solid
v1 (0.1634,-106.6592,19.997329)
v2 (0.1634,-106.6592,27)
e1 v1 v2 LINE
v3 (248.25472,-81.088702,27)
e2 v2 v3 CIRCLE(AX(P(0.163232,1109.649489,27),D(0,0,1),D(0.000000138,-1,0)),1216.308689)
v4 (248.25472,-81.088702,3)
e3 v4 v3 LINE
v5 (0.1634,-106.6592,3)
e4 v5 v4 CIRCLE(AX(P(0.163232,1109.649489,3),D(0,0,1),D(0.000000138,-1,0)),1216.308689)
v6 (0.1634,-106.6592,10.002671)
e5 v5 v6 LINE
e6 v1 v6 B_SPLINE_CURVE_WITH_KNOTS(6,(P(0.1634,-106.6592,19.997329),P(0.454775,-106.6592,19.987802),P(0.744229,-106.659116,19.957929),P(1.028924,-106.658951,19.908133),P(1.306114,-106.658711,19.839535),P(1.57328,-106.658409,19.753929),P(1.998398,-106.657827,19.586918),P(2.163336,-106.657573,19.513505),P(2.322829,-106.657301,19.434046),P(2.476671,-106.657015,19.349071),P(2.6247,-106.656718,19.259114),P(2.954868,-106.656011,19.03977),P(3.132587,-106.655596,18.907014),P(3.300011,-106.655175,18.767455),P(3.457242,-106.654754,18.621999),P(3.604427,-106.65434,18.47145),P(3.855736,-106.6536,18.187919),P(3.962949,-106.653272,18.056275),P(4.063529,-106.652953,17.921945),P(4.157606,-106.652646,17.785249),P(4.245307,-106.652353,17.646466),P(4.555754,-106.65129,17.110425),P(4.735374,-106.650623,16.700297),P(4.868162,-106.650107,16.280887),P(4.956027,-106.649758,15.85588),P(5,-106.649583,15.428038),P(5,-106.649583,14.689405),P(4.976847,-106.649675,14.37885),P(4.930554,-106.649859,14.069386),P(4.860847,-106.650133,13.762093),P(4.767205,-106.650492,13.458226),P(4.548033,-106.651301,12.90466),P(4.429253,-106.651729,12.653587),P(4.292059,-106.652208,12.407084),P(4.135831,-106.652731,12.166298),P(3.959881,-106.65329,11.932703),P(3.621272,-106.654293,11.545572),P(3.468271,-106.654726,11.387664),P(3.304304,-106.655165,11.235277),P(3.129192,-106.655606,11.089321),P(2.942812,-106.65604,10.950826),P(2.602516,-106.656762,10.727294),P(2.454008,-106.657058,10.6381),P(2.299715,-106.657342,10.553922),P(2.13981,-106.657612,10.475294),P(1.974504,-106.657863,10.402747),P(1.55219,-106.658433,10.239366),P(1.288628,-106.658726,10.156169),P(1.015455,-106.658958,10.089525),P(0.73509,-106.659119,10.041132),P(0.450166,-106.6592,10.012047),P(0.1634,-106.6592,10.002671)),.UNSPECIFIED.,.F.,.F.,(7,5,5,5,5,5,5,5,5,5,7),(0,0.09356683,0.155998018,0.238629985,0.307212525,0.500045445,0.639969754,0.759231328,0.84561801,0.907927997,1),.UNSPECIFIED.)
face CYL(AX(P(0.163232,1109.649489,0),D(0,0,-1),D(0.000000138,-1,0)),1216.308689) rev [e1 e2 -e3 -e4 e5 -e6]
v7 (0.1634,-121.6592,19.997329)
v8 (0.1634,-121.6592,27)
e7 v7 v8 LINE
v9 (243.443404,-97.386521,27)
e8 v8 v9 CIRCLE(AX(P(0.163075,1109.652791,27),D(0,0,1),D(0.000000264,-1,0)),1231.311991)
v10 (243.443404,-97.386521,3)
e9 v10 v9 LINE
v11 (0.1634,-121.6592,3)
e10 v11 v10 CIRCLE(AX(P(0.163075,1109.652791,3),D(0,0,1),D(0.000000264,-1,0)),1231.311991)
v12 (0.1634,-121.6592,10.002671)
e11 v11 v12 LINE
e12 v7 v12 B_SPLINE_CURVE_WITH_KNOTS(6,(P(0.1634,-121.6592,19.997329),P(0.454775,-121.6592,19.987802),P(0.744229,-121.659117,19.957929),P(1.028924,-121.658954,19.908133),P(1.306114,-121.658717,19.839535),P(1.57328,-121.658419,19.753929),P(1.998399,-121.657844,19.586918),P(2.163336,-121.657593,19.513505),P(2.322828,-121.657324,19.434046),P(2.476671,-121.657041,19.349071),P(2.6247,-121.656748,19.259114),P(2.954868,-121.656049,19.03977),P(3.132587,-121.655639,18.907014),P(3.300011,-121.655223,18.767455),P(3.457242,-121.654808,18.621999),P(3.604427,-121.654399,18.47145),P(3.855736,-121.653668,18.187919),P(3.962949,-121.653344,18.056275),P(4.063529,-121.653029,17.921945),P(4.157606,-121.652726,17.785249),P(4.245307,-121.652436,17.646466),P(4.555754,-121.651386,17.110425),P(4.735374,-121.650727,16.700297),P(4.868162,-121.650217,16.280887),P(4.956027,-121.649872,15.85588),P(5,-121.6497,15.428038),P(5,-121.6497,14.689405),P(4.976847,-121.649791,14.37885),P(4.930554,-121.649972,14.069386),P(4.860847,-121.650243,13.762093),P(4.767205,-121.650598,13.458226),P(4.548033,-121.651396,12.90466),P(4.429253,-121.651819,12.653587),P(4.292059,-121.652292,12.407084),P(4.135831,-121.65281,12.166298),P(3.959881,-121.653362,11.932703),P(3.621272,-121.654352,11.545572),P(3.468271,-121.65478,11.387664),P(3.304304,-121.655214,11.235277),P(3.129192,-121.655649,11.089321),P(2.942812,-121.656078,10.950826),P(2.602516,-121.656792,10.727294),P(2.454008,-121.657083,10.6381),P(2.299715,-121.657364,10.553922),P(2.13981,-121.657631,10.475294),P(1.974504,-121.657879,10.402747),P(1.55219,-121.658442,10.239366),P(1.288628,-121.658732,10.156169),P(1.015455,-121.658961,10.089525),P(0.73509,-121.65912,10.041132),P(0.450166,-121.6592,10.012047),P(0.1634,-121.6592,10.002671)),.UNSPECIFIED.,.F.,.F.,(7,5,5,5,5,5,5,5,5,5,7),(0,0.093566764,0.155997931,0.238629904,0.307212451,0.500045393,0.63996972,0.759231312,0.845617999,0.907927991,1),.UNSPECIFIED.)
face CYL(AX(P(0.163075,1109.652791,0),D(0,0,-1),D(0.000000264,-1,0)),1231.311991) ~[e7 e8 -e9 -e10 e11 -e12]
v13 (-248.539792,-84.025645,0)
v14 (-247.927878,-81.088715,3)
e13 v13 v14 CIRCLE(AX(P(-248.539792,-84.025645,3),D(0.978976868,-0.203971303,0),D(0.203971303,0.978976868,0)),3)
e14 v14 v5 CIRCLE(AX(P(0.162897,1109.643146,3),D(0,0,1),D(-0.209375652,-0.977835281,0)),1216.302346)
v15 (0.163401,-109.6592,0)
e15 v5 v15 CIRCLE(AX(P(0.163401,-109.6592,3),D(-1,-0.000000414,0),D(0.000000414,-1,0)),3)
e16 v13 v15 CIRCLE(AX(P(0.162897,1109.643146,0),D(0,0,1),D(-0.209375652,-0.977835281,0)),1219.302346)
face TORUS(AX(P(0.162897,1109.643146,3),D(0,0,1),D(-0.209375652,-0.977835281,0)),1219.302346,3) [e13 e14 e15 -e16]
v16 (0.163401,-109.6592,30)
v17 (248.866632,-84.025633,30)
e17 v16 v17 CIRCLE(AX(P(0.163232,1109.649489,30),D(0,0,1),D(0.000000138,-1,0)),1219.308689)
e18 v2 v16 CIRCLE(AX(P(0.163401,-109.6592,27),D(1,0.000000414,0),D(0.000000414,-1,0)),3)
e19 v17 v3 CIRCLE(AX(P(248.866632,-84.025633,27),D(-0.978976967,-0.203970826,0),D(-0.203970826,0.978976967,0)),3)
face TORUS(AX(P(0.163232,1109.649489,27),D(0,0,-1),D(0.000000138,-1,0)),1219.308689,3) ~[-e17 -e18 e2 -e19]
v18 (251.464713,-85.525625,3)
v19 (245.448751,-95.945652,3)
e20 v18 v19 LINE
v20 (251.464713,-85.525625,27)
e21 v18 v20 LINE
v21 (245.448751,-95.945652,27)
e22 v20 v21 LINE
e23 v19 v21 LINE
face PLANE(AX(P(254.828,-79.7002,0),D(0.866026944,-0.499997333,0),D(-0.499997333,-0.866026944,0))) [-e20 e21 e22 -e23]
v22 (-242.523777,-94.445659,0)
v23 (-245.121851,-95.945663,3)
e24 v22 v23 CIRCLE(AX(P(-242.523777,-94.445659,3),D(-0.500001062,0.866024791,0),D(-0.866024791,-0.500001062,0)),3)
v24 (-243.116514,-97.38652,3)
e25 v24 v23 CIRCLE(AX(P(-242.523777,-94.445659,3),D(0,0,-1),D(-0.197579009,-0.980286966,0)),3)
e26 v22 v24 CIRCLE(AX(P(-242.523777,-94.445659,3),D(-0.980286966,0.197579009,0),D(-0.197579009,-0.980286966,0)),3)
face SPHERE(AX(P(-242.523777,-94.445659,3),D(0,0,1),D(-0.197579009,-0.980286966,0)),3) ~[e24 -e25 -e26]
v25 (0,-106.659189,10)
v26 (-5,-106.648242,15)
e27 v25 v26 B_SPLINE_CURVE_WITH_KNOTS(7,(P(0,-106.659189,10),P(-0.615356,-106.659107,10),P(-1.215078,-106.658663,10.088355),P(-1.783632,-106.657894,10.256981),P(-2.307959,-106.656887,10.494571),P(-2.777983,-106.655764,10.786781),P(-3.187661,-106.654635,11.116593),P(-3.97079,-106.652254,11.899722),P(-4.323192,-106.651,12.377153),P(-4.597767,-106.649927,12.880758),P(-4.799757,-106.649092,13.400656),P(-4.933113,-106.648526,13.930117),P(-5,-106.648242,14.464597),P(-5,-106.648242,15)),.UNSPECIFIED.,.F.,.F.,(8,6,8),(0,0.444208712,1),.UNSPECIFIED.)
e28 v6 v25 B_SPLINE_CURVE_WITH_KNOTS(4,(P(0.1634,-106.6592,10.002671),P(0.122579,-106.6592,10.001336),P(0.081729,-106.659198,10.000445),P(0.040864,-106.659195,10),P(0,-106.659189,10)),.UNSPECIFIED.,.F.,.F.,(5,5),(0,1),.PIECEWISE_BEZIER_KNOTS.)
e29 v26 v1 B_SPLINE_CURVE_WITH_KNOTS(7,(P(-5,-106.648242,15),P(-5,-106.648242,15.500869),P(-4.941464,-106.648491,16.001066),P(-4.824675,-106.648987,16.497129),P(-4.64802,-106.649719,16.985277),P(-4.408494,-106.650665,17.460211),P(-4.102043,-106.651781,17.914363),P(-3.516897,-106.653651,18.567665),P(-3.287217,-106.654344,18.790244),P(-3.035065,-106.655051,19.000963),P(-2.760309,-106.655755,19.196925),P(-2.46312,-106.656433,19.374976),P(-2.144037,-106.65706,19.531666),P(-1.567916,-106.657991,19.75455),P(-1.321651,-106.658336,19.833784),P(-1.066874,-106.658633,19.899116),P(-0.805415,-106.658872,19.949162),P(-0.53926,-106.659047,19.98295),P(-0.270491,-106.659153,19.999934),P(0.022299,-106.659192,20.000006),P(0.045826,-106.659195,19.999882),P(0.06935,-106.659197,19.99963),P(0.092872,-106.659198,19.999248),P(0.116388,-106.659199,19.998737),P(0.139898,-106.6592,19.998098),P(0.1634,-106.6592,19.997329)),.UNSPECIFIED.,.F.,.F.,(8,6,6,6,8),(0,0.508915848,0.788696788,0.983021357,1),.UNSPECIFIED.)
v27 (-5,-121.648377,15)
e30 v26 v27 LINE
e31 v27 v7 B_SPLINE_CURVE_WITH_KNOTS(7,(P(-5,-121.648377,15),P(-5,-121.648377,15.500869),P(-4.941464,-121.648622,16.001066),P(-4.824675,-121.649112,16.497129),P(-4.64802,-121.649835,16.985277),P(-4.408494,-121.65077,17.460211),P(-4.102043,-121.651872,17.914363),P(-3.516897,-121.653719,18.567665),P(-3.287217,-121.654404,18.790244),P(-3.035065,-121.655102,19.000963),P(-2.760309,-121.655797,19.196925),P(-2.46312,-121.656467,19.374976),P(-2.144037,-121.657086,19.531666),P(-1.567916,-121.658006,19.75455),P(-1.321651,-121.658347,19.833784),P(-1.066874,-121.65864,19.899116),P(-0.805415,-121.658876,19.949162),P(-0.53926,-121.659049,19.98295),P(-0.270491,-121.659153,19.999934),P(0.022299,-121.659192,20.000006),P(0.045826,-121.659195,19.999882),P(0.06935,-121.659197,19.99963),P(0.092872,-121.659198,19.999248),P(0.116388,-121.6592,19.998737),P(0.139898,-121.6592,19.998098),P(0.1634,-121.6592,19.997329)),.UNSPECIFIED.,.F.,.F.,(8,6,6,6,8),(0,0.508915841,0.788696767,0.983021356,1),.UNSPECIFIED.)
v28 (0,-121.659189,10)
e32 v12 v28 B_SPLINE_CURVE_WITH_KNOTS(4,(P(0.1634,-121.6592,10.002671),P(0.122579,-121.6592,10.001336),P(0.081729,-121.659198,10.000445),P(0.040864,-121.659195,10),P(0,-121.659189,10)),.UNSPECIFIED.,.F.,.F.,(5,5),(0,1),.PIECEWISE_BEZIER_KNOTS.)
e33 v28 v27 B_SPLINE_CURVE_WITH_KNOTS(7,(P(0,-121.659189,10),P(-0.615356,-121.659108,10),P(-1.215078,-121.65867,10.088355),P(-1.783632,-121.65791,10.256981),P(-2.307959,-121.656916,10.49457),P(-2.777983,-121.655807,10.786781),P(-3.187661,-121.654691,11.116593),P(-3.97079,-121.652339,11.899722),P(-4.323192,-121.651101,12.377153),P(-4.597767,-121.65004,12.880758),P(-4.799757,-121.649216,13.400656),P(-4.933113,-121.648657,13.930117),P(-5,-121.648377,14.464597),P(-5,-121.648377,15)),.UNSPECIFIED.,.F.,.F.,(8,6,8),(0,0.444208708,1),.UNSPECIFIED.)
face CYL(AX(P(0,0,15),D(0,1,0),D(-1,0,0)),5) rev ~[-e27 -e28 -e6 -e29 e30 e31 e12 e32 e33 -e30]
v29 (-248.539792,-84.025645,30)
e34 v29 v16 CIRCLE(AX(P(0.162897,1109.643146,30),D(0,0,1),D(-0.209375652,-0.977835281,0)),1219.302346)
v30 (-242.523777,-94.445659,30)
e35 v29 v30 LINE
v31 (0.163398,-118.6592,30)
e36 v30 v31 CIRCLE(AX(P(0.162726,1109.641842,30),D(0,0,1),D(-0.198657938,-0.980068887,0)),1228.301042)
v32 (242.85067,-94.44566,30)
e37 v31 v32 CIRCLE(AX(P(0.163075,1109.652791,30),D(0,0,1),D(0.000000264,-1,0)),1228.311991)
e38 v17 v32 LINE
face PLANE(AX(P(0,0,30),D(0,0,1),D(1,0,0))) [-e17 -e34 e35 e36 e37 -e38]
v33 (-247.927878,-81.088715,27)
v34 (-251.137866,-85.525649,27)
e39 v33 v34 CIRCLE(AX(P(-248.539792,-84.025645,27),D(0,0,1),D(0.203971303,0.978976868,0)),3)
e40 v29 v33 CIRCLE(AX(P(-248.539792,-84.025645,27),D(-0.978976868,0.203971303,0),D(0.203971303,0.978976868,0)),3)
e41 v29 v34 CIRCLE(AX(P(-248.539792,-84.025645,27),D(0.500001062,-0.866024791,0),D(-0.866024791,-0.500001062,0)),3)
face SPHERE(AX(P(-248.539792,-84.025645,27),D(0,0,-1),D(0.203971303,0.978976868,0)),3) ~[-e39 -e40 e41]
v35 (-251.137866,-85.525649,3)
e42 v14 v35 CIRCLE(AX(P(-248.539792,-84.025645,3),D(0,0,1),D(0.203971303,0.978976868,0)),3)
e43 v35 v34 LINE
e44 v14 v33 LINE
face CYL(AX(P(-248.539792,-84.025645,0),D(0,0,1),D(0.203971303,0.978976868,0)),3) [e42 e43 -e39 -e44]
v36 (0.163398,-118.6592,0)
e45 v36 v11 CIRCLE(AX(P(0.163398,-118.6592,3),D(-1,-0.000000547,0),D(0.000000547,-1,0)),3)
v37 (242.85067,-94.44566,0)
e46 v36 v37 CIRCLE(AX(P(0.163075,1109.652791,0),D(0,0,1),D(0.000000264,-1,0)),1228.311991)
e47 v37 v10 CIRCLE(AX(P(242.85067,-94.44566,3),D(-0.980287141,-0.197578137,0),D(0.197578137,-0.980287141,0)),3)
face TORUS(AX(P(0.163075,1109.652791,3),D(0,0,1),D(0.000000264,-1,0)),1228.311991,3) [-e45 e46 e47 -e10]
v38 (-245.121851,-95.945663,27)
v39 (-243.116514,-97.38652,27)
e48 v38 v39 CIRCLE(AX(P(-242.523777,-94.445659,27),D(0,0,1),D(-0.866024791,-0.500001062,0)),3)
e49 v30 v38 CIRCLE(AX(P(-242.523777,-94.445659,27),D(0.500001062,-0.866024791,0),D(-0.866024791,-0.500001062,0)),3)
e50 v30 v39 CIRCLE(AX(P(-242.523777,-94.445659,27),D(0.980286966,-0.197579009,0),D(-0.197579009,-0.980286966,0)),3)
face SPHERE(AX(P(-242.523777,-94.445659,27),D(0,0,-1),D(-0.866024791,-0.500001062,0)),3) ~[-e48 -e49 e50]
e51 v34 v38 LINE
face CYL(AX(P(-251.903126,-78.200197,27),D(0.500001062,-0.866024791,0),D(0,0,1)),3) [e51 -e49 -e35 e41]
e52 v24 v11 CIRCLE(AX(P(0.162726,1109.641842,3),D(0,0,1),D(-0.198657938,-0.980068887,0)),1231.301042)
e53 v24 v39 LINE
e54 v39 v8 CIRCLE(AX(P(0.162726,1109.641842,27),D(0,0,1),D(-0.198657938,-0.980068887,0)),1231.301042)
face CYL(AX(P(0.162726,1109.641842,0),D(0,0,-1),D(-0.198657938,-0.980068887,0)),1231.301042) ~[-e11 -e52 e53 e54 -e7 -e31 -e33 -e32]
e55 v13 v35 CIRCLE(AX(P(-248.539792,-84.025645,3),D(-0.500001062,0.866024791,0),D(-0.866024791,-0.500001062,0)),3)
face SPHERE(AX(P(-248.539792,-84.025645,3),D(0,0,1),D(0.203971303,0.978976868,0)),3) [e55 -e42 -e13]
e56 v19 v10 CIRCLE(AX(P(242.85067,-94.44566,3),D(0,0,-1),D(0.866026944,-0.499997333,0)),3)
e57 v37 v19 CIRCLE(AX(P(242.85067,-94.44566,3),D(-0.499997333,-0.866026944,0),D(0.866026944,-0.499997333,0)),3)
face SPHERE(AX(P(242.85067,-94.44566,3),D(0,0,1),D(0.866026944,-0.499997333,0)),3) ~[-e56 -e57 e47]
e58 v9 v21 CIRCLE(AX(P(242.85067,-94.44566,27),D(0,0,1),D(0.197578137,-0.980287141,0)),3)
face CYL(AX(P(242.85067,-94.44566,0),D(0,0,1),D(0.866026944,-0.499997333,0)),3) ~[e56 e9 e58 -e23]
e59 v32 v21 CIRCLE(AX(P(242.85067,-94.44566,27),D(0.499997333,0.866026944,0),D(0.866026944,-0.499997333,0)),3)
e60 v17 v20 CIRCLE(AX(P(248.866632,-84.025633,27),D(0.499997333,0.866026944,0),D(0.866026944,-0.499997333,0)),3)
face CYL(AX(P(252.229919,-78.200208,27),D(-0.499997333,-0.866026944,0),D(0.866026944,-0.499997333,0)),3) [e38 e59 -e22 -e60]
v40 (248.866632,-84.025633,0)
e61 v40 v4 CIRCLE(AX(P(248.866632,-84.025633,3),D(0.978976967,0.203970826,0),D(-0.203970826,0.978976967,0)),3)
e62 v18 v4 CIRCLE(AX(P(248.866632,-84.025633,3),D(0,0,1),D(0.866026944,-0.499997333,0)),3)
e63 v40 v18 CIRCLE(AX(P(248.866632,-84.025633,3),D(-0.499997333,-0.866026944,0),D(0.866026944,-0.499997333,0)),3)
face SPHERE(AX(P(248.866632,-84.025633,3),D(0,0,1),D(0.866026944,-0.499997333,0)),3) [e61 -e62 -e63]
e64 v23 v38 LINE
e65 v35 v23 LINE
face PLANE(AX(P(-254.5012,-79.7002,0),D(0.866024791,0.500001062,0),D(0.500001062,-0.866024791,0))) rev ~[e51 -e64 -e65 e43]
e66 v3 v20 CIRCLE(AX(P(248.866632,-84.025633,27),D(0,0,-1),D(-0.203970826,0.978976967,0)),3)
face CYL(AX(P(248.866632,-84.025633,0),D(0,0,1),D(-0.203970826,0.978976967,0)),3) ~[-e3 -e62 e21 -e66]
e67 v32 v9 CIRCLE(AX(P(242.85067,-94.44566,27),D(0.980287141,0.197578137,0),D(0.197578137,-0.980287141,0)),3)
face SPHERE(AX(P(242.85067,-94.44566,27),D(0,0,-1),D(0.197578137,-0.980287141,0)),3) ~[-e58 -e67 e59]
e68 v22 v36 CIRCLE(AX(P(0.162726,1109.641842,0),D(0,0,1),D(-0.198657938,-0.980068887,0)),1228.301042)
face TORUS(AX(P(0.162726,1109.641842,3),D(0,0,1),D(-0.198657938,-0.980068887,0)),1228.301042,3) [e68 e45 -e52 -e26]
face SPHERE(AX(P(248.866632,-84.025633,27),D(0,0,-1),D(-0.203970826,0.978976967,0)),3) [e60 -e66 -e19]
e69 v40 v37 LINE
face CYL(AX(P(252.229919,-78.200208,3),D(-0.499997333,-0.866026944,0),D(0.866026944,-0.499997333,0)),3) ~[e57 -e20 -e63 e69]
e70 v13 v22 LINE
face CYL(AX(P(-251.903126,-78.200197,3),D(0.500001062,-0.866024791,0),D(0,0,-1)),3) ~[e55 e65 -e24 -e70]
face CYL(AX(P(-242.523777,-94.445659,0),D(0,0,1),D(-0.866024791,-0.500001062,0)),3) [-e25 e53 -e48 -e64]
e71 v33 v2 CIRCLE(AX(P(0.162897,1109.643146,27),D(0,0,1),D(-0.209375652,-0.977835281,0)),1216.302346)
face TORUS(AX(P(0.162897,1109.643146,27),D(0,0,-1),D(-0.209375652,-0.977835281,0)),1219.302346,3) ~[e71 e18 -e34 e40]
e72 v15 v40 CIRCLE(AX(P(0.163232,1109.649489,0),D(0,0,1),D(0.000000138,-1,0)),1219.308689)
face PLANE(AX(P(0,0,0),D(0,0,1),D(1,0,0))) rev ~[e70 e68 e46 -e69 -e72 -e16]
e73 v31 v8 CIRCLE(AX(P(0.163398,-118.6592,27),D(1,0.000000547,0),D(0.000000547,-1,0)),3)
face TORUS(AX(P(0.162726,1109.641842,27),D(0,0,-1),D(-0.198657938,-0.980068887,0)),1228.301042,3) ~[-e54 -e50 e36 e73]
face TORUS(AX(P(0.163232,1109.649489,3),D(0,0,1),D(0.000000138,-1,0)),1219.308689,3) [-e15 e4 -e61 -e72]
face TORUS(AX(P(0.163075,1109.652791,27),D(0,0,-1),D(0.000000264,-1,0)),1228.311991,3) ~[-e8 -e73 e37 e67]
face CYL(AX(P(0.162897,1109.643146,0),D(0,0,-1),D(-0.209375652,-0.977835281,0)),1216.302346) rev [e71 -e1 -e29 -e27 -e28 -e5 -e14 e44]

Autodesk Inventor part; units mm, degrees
ref_plane "YZ Plane" through (0, 0, 0) normal (1, 0, 0) x (0, 1, 0)
ref_plane "XZ Plane" through (0, 0, 0) normal (0, 1, 0) x (-1, 0, 0)
ref_plane "XY Plane" through (0, 0, 0) normal (0, 0, 1) x (1, 0, 0)
sketch "Sketch1" plane through (0, 0, 0) normal (0, 0, 1) x (1, 0, 0)
  arc A0 (0.1634, -106.6592) -> (254.828, -79.7002) centre (0.1634, 1109.6463) ccw
  arc A1 (0.1634, -121.6592) -> (244.7719, -97.118) centre (0.1634, 1109.6463) ccw
  line L0 (254.828, -79.7002) -> (244.7719, -97.118)
  line L1 (254.828, -79.7002) -> (274.9404, -79.7002) construction
  line L2 (0.1634, -121.6592) -> (0.1634, -88.4091)
  arc A2 (-244.445, -97.118) -> (0.1634, -121.6592) centre (0.1634, 1109.6463) ccw
  arc A3 (-254.5012, -79.7002) -> (0.1634, -106.6592) centre (0.1634, 1109.6463) ccw
  line L3 (-254.5012, -79.7002) -> (-244.445, -97.118)
  point P0 (0, 0)
  point P1 (226.5563, -100.6675)
  dimension "d0" = 15
  dimension "d1" = 120
extrude "Extrusion1" add sketch "Sketch1" along normal blind 30
fillet "Fillet1" radius 3 12 edges at (-127.8803, -99.9007, 30) (123.0817, -115.5086, 30) (128.2072, -99.9007, 0) (249.8, -88.4091, 30) (254.828, -79.7002, 15) (244.7719, -97.118, 15) (249.8, -88.4091, 0) (123.0817, -115.5086, 0) (-249.4731, -88.4091, 0) (-244.445, -97.118, 15) (-249.4731, -88.4091, 30) (-254.5012, -79.7002, 15)
sketch "Sketch2" plane through (0, 0, 0) normal (0, 1, 0) x (-1, 0, 0)
  line L0 (0, 0) -> (0, 15)
  circle A0 centre (0, 15) radius 5
  dimension "d5" = 15
  dimension "d6" = 10
extrude "Extrusion2" cut sketch "Sketch2" against normal blind 300
properties part number "leaf 4" material "Steel, Carbon"
